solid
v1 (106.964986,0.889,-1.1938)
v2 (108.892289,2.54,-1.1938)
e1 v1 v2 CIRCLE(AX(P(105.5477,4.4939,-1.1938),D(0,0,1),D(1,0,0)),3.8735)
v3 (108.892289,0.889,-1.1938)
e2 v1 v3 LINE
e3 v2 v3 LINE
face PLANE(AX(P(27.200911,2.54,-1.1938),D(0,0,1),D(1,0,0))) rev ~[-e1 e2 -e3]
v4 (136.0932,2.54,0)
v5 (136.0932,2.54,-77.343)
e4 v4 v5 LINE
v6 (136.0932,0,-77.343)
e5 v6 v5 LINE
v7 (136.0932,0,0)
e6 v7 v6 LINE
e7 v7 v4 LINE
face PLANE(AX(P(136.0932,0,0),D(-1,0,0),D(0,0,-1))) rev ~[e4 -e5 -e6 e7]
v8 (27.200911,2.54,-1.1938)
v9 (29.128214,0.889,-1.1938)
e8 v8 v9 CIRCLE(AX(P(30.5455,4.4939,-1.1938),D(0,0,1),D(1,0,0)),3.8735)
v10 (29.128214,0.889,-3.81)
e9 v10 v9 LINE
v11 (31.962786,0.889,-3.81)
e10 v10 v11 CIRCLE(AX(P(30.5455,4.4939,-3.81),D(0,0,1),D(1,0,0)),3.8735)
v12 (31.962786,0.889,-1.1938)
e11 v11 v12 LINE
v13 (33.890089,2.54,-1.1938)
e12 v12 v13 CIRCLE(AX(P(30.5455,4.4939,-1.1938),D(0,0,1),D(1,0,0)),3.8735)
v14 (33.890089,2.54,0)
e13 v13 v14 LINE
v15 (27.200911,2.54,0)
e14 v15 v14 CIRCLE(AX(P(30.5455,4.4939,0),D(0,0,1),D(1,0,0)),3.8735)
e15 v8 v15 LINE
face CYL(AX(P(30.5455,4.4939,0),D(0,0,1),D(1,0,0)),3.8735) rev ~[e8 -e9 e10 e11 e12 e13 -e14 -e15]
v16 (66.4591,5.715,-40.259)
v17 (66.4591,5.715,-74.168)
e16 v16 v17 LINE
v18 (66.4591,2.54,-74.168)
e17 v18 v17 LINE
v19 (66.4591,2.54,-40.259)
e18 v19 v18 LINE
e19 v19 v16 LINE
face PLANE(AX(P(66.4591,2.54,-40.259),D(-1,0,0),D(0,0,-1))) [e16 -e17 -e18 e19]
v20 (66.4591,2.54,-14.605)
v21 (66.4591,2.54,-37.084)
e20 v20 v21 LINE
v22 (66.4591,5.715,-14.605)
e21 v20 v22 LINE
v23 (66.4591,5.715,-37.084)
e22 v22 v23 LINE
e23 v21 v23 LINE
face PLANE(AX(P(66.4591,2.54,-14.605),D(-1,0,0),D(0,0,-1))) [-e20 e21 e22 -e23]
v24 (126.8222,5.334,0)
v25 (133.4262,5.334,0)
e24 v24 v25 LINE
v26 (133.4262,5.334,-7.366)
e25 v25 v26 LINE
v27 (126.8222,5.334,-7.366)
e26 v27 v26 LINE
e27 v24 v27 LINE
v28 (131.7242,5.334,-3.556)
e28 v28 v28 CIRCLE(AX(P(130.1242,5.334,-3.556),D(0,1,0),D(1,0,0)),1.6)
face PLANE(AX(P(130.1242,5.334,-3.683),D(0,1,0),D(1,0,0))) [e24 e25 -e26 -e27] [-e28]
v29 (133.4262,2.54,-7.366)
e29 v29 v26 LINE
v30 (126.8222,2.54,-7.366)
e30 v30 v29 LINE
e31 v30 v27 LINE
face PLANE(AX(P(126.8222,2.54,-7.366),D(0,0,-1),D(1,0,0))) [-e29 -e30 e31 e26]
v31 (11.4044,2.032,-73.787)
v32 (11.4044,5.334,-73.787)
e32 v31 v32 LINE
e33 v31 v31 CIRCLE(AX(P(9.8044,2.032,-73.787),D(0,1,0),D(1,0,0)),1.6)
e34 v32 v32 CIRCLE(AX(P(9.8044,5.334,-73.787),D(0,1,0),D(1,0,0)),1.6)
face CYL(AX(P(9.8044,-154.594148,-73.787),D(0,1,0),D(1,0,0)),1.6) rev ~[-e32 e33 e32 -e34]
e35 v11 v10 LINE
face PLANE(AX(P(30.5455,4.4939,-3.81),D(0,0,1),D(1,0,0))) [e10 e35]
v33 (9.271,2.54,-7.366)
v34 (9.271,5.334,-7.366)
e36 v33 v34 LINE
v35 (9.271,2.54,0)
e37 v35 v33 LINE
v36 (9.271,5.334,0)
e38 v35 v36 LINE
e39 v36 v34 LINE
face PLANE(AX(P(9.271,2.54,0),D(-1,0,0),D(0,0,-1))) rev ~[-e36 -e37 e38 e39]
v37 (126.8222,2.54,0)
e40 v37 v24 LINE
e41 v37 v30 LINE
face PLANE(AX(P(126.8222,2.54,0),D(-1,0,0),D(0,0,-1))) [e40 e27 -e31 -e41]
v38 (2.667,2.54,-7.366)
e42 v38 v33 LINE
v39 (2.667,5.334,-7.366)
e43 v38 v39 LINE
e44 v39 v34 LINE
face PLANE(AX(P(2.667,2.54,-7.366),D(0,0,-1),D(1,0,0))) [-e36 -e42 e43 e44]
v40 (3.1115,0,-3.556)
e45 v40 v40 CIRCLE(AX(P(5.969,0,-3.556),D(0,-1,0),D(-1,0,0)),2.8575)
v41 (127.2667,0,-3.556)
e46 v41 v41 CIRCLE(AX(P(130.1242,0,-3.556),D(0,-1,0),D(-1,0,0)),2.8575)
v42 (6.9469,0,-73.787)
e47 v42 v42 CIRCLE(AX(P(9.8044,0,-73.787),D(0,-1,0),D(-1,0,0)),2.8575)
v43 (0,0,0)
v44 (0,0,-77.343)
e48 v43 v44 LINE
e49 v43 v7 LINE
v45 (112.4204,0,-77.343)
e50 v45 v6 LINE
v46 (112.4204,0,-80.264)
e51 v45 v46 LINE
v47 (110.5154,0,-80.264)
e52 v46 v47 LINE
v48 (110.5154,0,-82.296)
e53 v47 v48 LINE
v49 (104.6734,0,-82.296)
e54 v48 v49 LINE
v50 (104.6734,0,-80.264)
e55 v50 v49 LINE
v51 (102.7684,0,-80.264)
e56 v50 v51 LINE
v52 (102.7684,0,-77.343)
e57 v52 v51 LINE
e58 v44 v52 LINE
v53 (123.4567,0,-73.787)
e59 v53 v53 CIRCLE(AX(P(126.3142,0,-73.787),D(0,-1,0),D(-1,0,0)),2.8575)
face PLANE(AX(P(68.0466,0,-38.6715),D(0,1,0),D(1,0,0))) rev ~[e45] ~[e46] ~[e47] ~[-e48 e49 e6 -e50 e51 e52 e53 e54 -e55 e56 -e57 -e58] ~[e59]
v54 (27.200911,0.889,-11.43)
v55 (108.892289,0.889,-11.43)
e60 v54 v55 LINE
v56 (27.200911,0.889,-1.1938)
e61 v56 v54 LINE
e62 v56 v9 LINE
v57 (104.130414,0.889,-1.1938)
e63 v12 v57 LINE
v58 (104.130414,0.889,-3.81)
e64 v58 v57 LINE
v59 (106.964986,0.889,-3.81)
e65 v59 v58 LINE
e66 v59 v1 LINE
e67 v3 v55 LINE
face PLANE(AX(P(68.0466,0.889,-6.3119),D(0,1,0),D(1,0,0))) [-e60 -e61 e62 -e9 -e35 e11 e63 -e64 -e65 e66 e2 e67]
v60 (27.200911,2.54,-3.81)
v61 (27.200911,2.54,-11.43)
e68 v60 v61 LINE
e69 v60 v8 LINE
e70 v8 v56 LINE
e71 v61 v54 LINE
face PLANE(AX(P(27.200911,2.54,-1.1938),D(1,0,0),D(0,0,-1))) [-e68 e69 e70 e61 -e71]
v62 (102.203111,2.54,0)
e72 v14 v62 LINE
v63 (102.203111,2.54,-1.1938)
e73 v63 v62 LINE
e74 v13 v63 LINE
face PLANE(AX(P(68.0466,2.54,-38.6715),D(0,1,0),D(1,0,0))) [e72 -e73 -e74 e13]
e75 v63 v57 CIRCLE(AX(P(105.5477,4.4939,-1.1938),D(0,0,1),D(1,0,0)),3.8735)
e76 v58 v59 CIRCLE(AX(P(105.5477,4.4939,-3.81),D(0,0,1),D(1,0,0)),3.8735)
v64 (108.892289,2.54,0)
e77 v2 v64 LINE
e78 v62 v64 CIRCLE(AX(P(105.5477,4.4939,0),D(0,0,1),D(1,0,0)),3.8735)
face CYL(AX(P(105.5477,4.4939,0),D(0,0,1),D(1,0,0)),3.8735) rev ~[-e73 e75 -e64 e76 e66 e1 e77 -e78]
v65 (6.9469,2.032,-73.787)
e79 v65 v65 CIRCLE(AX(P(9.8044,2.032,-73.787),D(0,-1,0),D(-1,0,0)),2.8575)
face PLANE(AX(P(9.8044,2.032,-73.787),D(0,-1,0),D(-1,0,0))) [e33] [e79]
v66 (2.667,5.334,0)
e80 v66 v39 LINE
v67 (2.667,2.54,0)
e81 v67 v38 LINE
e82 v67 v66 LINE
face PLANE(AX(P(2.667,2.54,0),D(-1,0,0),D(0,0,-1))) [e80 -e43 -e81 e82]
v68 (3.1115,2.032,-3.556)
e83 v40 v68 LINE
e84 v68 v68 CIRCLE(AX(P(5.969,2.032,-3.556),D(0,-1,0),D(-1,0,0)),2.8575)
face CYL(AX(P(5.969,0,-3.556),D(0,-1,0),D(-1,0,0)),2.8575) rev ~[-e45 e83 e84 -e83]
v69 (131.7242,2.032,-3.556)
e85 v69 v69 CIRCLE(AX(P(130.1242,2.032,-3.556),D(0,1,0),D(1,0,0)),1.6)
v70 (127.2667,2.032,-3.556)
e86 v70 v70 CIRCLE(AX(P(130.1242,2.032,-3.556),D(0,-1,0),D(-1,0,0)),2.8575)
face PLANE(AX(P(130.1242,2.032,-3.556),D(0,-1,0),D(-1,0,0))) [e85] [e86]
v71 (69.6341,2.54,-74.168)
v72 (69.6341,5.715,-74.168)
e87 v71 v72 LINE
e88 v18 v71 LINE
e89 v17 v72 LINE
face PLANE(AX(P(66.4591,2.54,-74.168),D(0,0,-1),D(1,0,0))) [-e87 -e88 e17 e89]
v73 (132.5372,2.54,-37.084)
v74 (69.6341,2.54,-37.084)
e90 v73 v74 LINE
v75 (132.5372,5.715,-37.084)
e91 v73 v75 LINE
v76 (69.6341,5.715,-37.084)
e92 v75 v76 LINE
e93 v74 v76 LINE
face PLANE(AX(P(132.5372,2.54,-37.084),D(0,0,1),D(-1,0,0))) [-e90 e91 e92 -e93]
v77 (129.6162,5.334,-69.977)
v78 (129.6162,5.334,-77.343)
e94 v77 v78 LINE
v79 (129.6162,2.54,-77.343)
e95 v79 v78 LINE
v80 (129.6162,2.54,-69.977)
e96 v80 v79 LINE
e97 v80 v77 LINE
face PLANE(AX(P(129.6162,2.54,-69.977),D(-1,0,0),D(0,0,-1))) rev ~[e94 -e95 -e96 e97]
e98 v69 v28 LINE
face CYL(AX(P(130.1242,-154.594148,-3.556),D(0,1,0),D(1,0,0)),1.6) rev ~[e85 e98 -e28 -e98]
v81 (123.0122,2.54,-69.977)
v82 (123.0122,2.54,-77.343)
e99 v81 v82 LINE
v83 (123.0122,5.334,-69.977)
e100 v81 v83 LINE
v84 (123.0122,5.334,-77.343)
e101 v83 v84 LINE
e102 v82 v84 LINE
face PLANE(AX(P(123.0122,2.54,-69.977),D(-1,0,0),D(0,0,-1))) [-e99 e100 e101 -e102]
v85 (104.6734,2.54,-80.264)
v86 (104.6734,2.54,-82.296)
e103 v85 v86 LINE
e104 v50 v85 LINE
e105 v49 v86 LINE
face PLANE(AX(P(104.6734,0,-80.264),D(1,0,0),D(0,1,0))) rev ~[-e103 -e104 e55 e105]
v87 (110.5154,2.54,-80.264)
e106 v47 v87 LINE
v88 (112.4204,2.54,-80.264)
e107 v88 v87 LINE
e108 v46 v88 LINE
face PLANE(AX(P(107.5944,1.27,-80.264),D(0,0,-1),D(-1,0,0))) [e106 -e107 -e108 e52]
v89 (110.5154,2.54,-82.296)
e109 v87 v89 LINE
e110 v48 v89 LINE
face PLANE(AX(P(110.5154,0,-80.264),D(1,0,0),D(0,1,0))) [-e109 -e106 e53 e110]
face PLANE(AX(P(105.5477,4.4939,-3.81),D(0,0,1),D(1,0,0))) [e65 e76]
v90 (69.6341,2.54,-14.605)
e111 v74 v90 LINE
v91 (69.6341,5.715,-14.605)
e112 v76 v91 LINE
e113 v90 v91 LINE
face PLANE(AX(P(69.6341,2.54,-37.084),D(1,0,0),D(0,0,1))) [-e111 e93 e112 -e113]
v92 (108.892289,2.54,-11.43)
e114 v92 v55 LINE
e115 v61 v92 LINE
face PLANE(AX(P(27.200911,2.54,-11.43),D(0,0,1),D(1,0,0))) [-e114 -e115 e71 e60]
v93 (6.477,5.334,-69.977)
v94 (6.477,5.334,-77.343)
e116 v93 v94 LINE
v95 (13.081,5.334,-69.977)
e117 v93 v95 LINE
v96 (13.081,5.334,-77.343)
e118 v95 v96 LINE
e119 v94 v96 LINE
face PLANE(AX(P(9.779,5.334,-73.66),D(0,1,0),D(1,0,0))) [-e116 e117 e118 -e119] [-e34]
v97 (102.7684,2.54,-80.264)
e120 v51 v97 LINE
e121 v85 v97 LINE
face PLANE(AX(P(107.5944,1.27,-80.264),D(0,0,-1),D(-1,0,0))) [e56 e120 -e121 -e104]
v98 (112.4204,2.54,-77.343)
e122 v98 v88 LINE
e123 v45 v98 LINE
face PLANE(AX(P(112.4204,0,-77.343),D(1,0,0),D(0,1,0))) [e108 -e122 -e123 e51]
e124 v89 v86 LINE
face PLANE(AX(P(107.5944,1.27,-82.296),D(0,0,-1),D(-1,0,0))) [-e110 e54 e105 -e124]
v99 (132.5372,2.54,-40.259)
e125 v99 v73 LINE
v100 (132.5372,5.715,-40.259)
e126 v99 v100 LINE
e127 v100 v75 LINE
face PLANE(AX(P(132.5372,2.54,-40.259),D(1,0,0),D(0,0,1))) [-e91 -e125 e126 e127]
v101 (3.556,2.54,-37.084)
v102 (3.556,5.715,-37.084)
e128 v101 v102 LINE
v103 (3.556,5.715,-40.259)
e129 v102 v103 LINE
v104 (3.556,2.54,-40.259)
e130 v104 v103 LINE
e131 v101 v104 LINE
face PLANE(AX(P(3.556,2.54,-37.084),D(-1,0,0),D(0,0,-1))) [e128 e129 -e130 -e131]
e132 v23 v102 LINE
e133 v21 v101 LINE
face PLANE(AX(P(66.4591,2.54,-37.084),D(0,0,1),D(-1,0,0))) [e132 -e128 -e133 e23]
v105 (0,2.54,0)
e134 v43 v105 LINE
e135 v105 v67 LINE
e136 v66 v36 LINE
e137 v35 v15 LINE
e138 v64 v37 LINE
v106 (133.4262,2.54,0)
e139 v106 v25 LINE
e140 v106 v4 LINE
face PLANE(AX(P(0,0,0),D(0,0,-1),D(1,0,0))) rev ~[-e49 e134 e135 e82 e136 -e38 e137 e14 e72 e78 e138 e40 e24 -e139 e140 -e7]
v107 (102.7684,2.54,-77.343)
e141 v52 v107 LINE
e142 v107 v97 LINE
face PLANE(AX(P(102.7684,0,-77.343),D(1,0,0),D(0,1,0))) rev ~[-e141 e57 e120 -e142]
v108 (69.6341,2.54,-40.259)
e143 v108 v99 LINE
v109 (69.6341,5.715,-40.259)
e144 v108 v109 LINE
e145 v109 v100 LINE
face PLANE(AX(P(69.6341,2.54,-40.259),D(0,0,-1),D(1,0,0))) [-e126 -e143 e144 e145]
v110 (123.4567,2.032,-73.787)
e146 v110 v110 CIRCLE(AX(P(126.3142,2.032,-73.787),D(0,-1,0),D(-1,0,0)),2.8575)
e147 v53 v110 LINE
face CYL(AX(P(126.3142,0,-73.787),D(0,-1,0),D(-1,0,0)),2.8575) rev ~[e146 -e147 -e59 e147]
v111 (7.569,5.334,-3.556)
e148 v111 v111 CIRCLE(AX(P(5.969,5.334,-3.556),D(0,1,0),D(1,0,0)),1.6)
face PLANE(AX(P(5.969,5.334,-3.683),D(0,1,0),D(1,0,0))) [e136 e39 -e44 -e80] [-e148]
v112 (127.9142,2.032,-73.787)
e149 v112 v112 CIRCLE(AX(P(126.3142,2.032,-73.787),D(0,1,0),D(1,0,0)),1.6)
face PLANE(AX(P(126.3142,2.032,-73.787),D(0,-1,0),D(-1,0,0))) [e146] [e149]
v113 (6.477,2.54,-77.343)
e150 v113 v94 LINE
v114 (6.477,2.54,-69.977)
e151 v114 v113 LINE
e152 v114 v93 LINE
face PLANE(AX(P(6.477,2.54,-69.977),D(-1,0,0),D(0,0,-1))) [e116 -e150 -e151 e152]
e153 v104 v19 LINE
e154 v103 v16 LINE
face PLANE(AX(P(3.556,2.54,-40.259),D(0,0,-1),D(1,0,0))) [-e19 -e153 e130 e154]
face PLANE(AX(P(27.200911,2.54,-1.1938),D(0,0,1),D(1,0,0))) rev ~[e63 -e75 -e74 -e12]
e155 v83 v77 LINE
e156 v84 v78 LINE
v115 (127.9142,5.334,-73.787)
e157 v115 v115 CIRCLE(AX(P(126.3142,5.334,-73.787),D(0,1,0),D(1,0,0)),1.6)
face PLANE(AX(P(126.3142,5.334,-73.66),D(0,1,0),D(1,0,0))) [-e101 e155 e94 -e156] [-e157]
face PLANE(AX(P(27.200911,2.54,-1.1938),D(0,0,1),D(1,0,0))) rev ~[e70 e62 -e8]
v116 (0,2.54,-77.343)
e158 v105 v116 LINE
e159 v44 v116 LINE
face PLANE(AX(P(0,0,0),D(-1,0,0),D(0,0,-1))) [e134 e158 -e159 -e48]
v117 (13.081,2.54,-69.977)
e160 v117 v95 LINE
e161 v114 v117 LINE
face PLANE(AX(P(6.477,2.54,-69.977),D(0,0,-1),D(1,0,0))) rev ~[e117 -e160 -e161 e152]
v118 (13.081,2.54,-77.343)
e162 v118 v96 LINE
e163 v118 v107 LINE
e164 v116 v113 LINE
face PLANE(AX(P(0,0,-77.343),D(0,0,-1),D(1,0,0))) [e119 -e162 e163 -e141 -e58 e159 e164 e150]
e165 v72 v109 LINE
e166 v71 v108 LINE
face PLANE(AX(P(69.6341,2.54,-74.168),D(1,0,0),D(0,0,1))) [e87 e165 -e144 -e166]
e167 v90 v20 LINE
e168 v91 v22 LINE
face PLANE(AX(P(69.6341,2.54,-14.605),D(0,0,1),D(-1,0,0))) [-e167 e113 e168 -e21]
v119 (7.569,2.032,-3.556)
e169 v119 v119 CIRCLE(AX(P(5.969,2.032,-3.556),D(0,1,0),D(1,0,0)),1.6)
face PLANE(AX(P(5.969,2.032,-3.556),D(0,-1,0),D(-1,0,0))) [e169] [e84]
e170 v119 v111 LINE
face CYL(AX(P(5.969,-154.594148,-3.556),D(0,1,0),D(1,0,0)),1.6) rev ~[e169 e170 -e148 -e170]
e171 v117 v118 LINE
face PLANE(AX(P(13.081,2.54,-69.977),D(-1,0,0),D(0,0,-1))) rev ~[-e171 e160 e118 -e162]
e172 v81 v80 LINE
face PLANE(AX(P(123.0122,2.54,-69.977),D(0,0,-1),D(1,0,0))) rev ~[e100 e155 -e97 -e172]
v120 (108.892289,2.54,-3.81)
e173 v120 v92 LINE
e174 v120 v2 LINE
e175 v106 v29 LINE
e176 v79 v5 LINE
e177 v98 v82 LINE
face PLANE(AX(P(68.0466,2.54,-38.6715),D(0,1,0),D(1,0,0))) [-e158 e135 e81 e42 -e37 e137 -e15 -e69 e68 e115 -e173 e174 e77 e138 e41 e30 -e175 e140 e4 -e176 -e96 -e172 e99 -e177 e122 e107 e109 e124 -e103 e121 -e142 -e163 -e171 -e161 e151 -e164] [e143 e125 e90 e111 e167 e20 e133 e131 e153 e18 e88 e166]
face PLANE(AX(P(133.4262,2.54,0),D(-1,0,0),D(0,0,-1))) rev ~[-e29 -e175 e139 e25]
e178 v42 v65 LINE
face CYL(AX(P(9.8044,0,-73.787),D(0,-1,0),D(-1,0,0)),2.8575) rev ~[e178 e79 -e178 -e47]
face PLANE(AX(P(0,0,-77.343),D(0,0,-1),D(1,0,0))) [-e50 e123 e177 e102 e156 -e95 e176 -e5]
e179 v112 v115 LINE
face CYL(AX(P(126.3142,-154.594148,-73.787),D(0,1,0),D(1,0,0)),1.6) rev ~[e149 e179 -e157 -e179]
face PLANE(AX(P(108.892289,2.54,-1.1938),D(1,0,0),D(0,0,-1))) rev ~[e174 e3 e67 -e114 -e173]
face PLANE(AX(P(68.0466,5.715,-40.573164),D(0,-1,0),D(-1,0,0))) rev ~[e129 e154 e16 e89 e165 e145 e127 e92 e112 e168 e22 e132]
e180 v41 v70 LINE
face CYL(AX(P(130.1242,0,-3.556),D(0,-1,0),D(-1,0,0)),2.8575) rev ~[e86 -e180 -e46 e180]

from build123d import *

# Parameters (mm, degrees)
SKETCH1_W            = 136.0932
SKETCH1_H            = 77.343
BOSS_EXTRUDE1_DEPTH  = 2.54
SKETCH2_R            = 3.8735
CUT_EXTRUDE1_DEPTH   = 3.81
SKETCH3_W            = 81.691378436
SKETCH3_H            = 10.2362
CUT_EXTRUDE2_DEPTH   = 1.651
SKETCH4_W            = 6.604
SKETCH4_H            = 7.366
BOSS_EXTRUDE4_DEPTH  = 2.794
SKETCH5_R            = 2.8575
CUT_EXTRUDE3_DEPTH   = 2.032
M3_CLEARANCE_HOLE1_D = 3.2
SKETCH9_W            = 9.652
SKETCH9_H            = 2.54
BOSS_EXTRUDE5_DEPTH  = 2.921
SKETCH10_W           = 5.842
SKETCH10_H           = 2.54
BOSS_EXTRUDE6_DEPTH  = 2.032
BOSS_EXTRUDE7_DEPTH  = 3.175


with BuildPart() as part:
    # Sketch1 → Boss-Extrude1 (new body)
    with BuildSketch(Plane(origin=(0, 0, 0), x_dir=(1, 0, 0), z_dir=(0, 1, 0))):
        with Locations((68.0466, 38.6715)):
            Rectangle(SKETCH1_W, SKETCH1_H)
    extrude(amount=BOSS_EXTRUDE1_DEPTH)

    # Sketch2 → Cut-Extrude1 (cut)
    with BuildSketch(Plane.XY):
        with Locations((105.5477, 4.4939)):
            Circle(SKETCH2_R)
        with Locations((30.5455, 4.4939)):
            Circle(SKETCH2_R)
    extrude(amount=-CUT_EXTRUDE1_DEPTH, mode=Mode.SUBTRACT)

    # Sketch3 → Cut-Extrude2 (cut)
    with BuildSketch(Plane(origin=(0, 2.54, 0), x_dir=(1, 0, 0), z_dir=(0, 1, 0))):
        with Locations((68.0466, 6.3119)):
            Rectangle(SKETCH3_W, SKETCH3_H)
    extrude(amount=-CUT_EXTRUDE2_DEPTH, mode=Mode.SUBTRACT)

    # Sketch4 → Boss-Extrude4 (add)
    with BuildSketch(Plane(origin=(0, 2.54, 0), x_dir=(1, 0, 0), z_dir=(0, 1, 0))):
        with Locations((130.1242, 3.683)):
            Rectangle(SKETCH4_W, SKETCH4_H)
        with Locations((5.969, 3.683)):
            Rectangle(SKETCH4_W, SKETCH4_H)
        with Locations((126.3142, 73.66)):
            Rectangle(SKETCH4_W, SKETCH4_H)
        with Locations((9.779, 73.66)):
            Rectangle(SKETCH4_W, SKETCH4_H)
    extrude(amount=BOSS_EXTRUDE4_DEPTH)

    # Sketch5 → Cut-Extrude3 (cut)
    with BuildSketch(Plane(origin=(0, 0, 0), x_dir=(-1, 0, 0), z_dir=(0, -1, 0))):
        with Locations((-126.3142, 73.787)):
            Circle(SKETCH5_R)
        with Locations((-9.8044, 73.787)):
            Circle(SKETCH5_R)
        with Locations((-5.969, 3.556)):
            Circle(SKETCH5_R)
        with Locations((-130.1242, 3.556)):
            Circle(SKETCH5_R)
    extrude(amount=-CUT_EXTRUDE3_DEPTH, mode=Mode.SUBTRACT)

    # M3 Clearance Hole1 (through all)
    with Locations(Plane(origin=(0, 2.032, 0), x_dir=(-1, 0, 0), z_dir=(0, -1, 0))):
        with Locations((-5.969, 3.556), (-130.1242, 3.556), (-126.3142, 73.787), (-9.8044, 73.787)):
            Hole(M3_CLEARANCE_HOLE1_D / 2)

    # Sketch9 → Boss-Extrude5 (add)
    with BuildSketch(Plane(origin=(0, 0, -77.343), x_dir=(-1, 0, 0), z_dir=(0, 0, -1))):
        with Locations((-107.5944, 1.27)):
            Rectangle(SKETCH9_W, SKETCH9_H)
    extrude(amount=BOSS_EXTRUDE5_DEPTH)

    # Sketch10 → Boss-Extrude6 (add)
    with BuildSketch(Plane(origin=(0, 0, -80.264), x_dir=(-1, 0, 0), z_dir=(0, 0, -1))):
        with Locations((-107.5944, 1.27)):
            Rectangle(SKETCH10_W, SKETCH10_H)
    extrude(amount=BOSS_EXTRUDE6_DEPTH)

    # Sketch11 → Boss-Extrude7 (add)
    with BuildSketch(Plane(origin=(0, 2.54, 0), x_dir=(1, 0, 0), z_dir=(0, 1, 0))):
        Polygon((132.5372, 37.084), (69.6341, 37.084), (69.6341, 14.605), (66.4591, 14.605), (66.4591, 37.084), (3.556, 37.084), (3.556, 40.259), (66.4591, 40.259), (66.4591, 74.168), (69.6341, 74.168), (69.6341, 40.259), (132.5372, 40.259), align=None)
    extrude(amount=BOSS_EXTRUDE7_DEPTH)


solid = part.part
